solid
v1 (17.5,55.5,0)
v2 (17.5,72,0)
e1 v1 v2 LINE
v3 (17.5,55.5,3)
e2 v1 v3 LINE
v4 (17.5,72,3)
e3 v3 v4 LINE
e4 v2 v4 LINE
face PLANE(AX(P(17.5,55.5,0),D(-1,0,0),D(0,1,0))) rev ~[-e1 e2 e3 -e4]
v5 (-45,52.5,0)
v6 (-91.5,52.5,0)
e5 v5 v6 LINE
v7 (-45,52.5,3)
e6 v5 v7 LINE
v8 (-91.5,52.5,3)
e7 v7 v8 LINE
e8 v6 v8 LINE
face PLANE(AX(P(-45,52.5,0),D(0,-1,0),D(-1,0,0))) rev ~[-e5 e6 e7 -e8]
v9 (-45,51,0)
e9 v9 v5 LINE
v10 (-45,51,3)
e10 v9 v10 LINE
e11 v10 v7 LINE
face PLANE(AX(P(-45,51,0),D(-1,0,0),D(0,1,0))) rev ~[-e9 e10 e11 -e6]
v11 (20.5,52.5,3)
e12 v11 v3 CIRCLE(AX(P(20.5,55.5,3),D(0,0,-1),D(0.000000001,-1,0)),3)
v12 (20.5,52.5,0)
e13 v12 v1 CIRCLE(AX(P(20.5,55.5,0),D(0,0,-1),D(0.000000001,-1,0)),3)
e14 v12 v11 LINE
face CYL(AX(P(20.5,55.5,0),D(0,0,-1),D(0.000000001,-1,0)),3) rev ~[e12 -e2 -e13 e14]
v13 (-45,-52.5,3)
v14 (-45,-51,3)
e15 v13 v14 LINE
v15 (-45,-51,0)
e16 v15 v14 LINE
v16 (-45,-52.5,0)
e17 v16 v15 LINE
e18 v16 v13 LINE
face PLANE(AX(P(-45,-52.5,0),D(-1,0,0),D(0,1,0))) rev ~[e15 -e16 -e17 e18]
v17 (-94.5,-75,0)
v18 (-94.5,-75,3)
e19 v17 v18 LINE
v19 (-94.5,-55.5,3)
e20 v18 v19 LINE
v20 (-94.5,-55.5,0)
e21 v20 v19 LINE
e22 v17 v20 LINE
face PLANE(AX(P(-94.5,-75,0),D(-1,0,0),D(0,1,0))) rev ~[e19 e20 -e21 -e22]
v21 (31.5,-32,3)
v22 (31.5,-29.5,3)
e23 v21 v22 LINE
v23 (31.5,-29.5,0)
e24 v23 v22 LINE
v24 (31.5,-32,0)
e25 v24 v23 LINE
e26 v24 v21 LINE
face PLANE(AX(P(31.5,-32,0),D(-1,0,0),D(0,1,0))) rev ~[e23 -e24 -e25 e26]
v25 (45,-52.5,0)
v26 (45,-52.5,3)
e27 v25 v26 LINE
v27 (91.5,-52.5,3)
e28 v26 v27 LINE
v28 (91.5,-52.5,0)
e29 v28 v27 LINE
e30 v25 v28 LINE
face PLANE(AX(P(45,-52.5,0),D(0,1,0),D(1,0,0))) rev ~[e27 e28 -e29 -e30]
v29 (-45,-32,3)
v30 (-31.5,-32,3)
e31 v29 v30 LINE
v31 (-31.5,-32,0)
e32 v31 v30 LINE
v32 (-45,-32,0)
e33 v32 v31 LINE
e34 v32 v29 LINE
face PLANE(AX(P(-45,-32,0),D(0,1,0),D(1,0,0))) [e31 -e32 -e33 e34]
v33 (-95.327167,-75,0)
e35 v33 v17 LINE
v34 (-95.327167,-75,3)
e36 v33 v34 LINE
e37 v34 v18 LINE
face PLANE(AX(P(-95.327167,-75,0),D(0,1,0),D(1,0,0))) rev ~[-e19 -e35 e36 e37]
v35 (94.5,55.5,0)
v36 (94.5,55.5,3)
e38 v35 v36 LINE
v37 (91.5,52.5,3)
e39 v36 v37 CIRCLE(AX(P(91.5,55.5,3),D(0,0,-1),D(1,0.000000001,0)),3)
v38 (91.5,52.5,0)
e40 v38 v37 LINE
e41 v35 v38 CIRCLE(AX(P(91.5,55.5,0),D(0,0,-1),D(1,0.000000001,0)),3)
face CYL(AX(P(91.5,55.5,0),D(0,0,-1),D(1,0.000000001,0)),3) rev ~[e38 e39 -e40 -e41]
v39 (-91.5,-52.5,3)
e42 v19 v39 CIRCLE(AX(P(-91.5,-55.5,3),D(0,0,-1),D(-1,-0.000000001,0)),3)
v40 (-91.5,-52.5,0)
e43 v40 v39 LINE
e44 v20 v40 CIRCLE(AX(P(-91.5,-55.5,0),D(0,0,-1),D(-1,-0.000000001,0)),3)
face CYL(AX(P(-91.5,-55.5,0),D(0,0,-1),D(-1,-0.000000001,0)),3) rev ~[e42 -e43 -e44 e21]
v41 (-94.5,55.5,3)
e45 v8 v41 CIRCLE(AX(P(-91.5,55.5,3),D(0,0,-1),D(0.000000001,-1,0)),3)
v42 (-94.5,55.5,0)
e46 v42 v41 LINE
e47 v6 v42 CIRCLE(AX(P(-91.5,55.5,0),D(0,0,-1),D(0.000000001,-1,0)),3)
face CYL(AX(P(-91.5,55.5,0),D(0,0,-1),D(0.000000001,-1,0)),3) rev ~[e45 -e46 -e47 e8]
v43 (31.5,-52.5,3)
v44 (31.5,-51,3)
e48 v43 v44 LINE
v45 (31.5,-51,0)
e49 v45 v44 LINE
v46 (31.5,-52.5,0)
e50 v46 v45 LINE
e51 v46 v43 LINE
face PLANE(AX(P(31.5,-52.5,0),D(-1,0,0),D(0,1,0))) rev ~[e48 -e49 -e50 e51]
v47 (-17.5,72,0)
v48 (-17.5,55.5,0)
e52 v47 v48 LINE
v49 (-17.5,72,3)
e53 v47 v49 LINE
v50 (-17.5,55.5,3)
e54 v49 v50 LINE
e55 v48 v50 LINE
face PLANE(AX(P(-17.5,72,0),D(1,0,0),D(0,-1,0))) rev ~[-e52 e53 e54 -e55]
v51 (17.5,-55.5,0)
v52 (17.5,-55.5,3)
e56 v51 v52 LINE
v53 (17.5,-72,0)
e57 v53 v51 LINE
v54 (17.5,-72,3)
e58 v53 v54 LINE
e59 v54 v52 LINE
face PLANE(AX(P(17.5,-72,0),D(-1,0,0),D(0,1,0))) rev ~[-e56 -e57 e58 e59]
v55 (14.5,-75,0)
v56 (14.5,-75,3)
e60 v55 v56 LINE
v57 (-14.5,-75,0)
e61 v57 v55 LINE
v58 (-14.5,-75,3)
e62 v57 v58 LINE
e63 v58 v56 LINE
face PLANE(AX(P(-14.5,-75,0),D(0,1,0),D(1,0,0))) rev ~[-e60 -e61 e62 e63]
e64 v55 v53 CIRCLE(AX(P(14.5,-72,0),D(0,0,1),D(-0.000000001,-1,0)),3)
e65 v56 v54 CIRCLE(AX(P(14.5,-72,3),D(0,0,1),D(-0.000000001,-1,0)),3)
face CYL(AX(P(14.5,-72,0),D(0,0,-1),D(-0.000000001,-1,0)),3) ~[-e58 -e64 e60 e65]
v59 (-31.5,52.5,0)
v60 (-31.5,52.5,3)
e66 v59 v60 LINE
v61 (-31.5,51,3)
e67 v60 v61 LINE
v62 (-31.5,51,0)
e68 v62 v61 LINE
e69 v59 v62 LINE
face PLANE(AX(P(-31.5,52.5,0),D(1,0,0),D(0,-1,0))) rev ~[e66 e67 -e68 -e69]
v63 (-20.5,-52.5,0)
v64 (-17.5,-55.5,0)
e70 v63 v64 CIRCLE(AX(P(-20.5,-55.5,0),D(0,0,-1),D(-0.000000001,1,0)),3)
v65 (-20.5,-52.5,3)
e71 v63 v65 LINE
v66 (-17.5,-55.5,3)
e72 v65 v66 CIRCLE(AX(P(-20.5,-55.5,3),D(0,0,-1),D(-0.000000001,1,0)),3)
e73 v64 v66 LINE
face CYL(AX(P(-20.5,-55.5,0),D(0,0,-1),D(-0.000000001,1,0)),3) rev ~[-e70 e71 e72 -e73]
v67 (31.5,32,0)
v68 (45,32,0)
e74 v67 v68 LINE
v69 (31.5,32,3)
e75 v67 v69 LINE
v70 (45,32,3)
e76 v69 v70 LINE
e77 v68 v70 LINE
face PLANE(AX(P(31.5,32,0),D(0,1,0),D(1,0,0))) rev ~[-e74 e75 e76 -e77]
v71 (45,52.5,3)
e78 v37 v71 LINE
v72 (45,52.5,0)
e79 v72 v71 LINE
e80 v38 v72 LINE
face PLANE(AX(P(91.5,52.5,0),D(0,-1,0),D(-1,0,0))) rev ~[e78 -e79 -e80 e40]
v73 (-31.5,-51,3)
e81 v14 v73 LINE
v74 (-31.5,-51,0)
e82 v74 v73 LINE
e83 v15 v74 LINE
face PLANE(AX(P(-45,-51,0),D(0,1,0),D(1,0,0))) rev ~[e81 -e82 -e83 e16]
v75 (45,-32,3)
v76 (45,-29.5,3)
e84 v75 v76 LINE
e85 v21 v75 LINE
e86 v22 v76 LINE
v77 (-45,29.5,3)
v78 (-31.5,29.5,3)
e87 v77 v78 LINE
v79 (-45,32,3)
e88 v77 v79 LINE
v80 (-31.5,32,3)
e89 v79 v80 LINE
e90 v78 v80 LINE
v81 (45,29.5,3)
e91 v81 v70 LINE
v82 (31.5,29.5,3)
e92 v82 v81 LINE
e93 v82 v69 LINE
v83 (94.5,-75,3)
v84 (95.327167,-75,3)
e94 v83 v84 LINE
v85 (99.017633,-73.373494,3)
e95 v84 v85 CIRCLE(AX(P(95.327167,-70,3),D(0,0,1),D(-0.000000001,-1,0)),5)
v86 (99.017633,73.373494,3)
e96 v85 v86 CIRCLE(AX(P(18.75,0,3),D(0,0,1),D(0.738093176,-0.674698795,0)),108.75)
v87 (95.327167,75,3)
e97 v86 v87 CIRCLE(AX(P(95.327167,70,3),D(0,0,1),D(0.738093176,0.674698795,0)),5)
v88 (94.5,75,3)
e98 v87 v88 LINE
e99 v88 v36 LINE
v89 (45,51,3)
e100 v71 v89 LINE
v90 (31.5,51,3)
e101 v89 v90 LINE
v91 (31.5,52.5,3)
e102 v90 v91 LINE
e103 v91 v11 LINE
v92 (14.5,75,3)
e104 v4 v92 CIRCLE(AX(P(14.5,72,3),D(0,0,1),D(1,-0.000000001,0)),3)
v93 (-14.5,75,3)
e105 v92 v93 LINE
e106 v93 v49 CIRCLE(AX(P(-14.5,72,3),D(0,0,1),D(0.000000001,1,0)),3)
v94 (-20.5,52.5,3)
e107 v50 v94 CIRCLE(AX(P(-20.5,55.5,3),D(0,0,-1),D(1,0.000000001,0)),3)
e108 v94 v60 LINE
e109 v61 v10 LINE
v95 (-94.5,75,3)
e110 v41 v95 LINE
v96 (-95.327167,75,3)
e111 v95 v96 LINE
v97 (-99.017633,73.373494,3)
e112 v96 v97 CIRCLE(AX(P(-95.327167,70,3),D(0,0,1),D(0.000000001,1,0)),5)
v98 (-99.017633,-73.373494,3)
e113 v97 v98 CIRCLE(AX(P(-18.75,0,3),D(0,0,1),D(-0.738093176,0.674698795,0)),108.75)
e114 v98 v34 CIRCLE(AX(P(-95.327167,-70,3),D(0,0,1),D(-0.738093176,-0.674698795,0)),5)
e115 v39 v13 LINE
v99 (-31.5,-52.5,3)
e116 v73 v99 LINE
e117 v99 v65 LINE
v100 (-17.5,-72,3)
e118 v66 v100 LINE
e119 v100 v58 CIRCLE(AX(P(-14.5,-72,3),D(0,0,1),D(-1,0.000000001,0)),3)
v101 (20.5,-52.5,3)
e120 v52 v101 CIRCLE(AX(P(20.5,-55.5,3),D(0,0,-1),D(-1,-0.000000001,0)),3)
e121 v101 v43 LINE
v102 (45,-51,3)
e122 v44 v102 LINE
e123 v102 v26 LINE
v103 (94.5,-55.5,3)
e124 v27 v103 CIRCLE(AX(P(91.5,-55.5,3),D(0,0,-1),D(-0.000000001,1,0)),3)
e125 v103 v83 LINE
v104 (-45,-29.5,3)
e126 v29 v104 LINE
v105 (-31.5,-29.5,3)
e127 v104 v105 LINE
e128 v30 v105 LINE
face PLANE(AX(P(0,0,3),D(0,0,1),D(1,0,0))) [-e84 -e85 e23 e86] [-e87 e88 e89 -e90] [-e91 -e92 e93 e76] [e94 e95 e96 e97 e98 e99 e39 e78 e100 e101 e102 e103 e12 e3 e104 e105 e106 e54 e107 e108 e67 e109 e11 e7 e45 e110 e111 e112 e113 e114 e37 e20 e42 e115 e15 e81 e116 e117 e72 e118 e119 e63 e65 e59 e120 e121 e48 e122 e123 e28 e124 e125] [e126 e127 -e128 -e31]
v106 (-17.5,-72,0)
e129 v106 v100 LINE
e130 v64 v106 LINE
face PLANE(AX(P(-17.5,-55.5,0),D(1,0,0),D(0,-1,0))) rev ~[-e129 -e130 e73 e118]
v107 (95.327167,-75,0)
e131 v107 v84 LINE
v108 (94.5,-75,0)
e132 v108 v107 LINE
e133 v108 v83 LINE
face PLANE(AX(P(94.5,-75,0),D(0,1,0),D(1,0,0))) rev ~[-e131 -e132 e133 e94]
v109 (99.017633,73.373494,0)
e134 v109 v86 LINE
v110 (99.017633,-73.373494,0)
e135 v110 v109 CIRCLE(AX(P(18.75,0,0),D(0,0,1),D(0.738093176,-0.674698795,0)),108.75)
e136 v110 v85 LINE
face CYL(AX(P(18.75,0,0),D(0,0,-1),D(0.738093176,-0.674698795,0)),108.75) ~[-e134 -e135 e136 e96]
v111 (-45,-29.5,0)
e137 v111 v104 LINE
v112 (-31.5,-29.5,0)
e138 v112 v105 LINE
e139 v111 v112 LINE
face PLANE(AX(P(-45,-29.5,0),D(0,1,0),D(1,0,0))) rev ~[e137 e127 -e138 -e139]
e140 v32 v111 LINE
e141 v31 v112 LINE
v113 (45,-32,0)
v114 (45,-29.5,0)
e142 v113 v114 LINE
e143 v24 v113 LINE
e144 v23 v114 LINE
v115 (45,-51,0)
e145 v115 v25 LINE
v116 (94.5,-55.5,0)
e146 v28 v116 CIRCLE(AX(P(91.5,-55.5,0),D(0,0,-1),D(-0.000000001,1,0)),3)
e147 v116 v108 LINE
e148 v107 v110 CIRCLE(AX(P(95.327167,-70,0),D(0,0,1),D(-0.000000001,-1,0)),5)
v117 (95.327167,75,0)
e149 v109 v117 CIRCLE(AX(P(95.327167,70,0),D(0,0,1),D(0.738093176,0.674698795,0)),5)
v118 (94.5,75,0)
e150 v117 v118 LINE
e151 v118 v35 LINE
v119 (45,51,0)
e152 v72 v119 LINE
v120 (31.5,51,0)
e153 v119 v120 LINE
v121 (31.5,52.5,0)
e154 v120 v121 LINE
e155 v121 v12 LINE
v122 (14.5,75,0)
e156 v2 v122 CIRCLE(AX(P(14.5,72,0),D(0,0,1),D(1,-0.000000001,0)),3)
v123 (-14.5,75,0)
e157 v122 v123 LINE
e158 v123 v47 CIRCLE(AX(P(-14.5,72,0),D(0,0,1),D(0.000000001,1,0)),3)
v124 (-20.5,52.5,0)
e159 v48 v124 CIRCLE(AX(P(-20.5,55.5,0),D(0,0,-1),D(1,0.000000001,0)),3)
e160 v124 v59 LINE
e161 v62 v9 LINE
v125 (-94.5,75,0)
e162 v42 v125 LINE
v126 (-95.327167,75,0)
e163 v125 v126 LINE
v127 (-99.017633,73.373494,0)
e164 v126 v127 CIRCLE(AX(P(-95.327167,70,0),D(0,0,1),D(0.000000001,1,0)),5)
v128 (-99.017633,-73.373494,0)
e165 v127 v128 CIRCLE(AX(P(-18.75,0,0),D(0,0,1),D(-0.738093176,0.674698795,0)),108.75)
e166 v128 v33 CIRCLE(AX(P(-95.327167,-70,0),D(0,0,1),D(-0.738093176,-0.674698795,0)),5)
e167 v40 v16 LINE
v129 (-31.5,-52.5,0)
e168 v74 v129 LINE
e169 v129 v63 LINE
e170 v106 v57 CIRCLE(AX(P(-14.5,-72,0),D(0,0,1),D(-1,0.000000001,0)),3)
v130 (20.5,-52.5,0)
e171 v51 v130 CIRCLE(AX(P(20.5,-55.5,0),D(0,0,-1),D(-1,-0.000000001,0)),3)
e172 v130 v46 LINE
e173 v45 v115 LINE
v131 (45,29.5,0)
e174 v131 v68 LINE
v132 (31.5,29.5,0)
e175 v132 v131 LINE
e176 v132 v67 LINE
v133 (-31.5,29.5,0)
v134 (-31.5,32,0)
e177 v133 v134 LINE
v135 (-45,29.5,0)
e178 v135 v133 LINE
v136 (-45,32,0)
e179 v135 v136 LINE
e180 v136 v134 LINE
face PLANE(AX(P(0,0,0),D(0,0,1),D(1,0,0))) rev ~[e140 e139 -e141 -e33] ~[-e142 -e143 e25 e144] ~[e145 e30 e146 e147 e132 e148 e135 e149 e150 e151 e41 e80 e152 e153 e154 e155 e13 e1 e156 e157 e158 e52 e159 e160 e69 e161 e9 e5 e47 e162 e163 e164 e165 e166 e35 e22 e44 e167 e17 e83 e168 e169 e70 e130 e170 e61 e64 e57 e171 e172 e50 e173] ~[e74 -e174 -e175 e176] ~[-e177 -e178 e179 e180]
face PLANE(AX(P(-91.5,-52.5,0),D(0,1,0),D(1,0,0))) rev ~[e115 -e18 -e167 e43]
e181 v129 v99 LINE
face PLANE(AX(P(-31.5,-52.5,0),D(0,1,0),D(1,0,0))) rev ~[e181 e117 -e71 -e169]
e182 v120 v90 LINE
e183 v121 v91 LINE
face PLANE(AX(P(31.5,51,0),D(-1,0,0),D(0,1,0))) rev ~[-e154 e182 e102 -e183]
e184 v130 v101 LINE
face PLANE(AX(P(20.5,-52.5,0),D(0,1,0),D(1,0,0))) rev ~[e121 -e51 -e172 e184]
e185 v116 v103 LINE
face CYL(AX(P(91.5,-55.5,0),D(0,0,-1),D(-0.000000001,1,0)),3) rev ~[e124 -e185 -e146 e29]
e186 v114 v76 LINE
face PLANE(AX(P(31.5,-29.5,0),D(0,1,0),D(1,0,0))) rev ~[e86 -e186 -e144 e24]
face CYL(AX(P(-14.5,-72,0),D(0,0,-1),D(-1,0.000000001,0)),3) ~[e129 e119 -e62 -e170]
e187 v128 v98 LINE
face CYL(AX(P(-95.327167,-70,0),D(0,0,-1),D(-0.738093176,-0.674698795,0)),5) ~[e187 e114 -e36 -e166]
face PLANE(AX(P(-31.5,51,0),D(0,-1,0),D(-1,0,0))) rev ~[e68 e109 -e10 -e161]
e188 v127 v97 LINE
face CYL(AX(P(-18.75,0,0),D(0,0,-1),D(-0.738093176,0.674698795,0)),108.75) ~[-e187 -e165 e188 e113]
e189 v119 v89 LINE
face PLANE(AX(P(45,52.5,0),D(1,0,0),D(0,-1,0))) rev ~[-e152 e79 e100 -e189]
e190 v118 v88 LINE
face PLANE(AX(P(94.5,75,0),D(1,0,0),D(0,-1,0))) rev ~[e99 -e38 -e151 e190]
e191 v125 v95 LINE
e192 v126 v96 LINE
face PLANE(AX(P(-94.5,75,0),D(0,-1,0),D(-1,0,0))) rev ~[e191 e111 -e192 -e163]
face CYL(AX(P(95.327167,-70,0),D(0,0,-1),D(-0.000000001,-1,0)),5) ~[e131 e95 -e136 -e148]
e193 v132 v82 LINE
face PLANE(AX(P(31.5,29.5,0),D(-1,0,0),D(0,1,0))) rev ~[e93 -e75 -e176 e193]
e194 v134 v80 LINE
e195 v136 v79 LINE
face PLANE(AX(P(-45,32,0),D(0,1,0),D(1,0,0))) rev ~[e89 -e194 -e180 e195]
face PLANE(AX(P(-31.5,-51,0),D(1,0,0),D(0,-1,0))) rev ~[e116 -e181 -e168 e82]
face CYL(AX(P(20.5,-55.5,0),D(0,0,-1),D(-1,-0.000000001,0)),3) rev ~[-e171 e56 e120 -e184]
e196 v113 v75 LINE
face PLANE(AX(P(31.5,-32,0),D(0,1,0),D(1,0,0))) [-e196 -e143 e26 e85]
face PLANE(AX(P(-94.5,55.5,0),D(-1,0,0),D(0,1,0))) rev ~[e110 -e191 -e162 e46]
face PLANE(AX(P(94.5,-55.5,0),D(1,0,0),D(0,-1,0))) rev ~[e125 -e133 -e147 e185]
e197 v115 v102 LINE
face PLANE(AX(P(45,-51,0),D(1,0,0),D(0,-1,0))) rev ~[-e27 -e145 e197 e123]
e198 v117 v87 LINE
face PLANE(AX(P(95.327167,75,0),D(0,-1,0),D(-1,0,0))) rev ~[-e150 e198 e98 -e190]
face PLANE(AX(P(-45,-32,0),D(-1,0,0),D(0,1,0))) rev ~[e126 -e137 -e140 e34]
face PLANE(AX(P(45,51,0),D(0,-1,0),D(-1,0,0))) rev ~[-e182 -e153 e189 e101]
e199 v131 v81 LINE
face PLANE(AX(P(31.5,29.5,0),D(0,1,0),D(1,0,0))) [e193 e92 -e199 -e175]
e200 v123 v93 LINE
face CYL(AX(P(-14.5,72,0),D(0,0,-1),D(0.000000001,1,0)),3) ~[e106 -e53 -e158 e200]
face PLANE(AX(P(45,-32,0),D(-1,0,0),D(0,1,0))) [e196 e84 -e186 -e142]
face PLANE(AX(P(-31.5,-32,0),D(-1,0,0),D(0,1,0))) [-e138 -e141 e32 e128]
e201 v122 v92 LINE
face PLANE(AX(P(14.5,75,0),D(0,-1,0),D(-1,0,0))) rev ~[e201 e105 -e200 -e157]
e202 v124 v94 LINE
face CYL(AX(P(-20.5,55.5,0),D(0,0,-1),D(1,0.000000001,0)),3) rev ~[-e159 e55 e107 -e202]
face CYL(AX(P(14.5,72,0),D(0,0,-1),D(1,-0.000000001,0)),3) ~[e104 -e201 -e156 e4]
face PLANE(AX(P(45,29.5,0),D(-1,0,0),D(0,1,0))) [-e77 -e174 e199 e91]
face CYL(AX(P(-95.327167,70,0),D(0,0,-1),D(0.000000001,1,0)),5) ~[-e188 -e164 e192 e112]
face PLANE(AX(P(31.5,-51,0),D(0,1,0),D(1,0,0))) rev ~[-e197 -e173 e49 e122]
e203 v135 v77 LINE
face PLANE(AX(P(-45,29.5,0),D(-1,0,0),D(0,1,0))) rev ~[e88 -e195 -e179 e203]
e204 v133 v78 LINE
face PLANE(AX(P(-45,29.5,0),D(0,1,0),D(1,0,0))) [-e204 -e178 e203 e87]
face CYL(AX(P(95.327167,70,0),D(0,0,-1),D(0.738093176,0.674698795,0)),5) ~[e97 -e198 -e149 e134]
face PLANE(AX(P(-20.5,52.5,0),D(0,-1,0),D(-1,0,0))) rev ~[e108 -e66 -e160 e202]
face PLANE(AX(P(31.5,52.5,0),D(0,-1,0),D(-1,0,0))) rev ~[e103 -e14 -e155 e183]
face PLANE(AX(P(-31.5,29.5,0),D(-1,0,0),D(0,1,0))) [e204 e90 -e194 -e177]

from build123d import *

# Parameters (mm, degrees)
IZIM1_W                     = 13.5
IZIM1_H                     = 2.5
Y_KSEKLIK_EKSTR_ZYON1_DEPTH = 3


with BuildPart() as part:
    # Çizim1 → Yükseklik-Ekstrüzyon1 (new body)
    with BuildSketch(Plane.XY):
        with BuildLine():
            Line((-17.5, 72), (-17.5, 55.5))
            ThreePointArc((-17.5, 55.5), (-18.378679656, 53.378679656), (-20.5, 52.5))
            Line((-20.5, 52.5), (-31.5, 52.5))
            Line((-31.5, 52.5), (-31.5, 51))
            Line((-31.5, 51), (-45, 51))
            Line((-45, 51), (-45, 52.5))
            Line((-45, 52.5), (-91.5, 52.5))
            ThreePointArc((-91.5, 52.5), (-93.621320344, 53.378679656), (-94.5, 55.5))
            Line((-94.5, 55.5), (-94.5, 75))
            Line((-94.5, 75), (-95.327166962, 75))
            ThreePointArc((-95.327166962, 75), (-97.34366518, 74.575339872), (-99.01763284, 73.373493976))
            ThreePointArc((-99.01763284, 73.373493976), (-127.5, 0), (-99.01763284, -73.373493976))
            ThreePointArc((-99.01763284, -73.373493976), (-97.34366518, -74.575339872), (-95.327166962, -75))
            Line((-95.327166962, -75), (-94.5, -75))
            Line((-94.5, -75), (-94.5, -55.5))
            ThreePointArc((-94.5, -55.5), (-93.621320344, -53.378679656), (-91.5, -52.5))
            Line((-91.5, -52.5), (-45, -52.5))
            Line((-45, -52.5), (-45, -51))
            Line((-45, -51), (-31.5, -51))
            Line((-31.5, -51), (-31.5, -52.5))
            Line((-31.5, -52.5), (-20.5, -52.5))
            ThreePointArc((-20.5, -52.5), (-18.378679656, -53.378679656), (-17.5, -55.5))
            Line((-17.5, -55.5), (-17.5, -72))
            ThreePointArc((-17.5, -72), (-16.621320344, -74.121320344), (-14.5, -75))
            Line((-14.5, -75), (14.5, -75))
            ThreePointArc((14.5, -75), (16.621320344, -74.121320344), (17.5, -72))
            Line((17.5, -72), (17.5, -55.5))
            ThreePointArc((17.5, -55.5), (18.378679656, -53.378679656), (20.5, -52.5))
            Line((20.5, -52.5), (31.5, -52.5))
            Line((31.5, -52.5), (31.5, -51))
            Line((31.5, -51), (45, -51))
            Line((45, -51), (45, -52.5))
            Line((45, -52.5), (91.5, -52.5))
            ThreePointArc((91.5, -52.5), (93.621320344, -53.378679656), (94.5, -55.5))
            Line((94.5, -55.5), (94.5, -75))
            Line((94.5, -75), (95.327166962, -75))
            ThreePointArc((95.327166962, -75), (97.34366518, -74.575339872), (99.01763284, -73.373493976))
            ThreePointArc((99.01763284, -73.373493976), (127.5, 0), (99.01763284, 73.373493976))
            ThreePointArc((99.01763284, 73.373493976), (97.34366518, 74.575339872), (95.327166962, 75))
            Line((95.327166962, 75), (94.5, 75))
            Line((94.5, 75), (94.5, 55.5))
            ThreePointArc((94.5, 55.5), (93.621320344, 53.378679656), (91.5, 52.5))
            Line((91.5, 52.5), (45, 52.5))
            Line((45, 52.5), (45, 51))
            Line((45, 51), (31.5, 51))
            Line((31.5, 51), (31.5, 52.5))
            Line((31.5, 52.5), (20.5, 52.5))
            ThreePointArc((20.5, 52.5), (18.378679656, 53.378679656), (17.5, 55.5))
            Line((17.5, 55.5), (17.5, 72))
            ThreePointArc((17.5, 72), (16.621320344, 74.121320344), (14.5, 75))
            Line((14.5, 75), (-14.5, 75))
            ThreePointArc((-14.5, 75), (-16.621320344, 74.121320344), (-17.5, 72))
        make_face()
        with Locations((38.25, 30.75)):
            Rectangle(IZIM1_W, IZIM1_H, mode=Mode.SUBTRACT)
        with Locations((-38.25, -30.75)):
            Rectangle(IZIM1_W, IZIM1_H, mode=Mode.SUBTRACT)
        with Locations((-38.25, 30.75)):
            Rectangle(IZIM1_W, IZIM1_H, mode=Mode.SUBTRACT)
        with Locations((38.25, -30.75)):
            Rectangle(IZIM1_W, IZIM1_H, mode=Mode.SUBTRACT)
    extrude(amount=Y_KSEKLIK_EKSTR_ZYON1_DEPTH)


solid = part.part
